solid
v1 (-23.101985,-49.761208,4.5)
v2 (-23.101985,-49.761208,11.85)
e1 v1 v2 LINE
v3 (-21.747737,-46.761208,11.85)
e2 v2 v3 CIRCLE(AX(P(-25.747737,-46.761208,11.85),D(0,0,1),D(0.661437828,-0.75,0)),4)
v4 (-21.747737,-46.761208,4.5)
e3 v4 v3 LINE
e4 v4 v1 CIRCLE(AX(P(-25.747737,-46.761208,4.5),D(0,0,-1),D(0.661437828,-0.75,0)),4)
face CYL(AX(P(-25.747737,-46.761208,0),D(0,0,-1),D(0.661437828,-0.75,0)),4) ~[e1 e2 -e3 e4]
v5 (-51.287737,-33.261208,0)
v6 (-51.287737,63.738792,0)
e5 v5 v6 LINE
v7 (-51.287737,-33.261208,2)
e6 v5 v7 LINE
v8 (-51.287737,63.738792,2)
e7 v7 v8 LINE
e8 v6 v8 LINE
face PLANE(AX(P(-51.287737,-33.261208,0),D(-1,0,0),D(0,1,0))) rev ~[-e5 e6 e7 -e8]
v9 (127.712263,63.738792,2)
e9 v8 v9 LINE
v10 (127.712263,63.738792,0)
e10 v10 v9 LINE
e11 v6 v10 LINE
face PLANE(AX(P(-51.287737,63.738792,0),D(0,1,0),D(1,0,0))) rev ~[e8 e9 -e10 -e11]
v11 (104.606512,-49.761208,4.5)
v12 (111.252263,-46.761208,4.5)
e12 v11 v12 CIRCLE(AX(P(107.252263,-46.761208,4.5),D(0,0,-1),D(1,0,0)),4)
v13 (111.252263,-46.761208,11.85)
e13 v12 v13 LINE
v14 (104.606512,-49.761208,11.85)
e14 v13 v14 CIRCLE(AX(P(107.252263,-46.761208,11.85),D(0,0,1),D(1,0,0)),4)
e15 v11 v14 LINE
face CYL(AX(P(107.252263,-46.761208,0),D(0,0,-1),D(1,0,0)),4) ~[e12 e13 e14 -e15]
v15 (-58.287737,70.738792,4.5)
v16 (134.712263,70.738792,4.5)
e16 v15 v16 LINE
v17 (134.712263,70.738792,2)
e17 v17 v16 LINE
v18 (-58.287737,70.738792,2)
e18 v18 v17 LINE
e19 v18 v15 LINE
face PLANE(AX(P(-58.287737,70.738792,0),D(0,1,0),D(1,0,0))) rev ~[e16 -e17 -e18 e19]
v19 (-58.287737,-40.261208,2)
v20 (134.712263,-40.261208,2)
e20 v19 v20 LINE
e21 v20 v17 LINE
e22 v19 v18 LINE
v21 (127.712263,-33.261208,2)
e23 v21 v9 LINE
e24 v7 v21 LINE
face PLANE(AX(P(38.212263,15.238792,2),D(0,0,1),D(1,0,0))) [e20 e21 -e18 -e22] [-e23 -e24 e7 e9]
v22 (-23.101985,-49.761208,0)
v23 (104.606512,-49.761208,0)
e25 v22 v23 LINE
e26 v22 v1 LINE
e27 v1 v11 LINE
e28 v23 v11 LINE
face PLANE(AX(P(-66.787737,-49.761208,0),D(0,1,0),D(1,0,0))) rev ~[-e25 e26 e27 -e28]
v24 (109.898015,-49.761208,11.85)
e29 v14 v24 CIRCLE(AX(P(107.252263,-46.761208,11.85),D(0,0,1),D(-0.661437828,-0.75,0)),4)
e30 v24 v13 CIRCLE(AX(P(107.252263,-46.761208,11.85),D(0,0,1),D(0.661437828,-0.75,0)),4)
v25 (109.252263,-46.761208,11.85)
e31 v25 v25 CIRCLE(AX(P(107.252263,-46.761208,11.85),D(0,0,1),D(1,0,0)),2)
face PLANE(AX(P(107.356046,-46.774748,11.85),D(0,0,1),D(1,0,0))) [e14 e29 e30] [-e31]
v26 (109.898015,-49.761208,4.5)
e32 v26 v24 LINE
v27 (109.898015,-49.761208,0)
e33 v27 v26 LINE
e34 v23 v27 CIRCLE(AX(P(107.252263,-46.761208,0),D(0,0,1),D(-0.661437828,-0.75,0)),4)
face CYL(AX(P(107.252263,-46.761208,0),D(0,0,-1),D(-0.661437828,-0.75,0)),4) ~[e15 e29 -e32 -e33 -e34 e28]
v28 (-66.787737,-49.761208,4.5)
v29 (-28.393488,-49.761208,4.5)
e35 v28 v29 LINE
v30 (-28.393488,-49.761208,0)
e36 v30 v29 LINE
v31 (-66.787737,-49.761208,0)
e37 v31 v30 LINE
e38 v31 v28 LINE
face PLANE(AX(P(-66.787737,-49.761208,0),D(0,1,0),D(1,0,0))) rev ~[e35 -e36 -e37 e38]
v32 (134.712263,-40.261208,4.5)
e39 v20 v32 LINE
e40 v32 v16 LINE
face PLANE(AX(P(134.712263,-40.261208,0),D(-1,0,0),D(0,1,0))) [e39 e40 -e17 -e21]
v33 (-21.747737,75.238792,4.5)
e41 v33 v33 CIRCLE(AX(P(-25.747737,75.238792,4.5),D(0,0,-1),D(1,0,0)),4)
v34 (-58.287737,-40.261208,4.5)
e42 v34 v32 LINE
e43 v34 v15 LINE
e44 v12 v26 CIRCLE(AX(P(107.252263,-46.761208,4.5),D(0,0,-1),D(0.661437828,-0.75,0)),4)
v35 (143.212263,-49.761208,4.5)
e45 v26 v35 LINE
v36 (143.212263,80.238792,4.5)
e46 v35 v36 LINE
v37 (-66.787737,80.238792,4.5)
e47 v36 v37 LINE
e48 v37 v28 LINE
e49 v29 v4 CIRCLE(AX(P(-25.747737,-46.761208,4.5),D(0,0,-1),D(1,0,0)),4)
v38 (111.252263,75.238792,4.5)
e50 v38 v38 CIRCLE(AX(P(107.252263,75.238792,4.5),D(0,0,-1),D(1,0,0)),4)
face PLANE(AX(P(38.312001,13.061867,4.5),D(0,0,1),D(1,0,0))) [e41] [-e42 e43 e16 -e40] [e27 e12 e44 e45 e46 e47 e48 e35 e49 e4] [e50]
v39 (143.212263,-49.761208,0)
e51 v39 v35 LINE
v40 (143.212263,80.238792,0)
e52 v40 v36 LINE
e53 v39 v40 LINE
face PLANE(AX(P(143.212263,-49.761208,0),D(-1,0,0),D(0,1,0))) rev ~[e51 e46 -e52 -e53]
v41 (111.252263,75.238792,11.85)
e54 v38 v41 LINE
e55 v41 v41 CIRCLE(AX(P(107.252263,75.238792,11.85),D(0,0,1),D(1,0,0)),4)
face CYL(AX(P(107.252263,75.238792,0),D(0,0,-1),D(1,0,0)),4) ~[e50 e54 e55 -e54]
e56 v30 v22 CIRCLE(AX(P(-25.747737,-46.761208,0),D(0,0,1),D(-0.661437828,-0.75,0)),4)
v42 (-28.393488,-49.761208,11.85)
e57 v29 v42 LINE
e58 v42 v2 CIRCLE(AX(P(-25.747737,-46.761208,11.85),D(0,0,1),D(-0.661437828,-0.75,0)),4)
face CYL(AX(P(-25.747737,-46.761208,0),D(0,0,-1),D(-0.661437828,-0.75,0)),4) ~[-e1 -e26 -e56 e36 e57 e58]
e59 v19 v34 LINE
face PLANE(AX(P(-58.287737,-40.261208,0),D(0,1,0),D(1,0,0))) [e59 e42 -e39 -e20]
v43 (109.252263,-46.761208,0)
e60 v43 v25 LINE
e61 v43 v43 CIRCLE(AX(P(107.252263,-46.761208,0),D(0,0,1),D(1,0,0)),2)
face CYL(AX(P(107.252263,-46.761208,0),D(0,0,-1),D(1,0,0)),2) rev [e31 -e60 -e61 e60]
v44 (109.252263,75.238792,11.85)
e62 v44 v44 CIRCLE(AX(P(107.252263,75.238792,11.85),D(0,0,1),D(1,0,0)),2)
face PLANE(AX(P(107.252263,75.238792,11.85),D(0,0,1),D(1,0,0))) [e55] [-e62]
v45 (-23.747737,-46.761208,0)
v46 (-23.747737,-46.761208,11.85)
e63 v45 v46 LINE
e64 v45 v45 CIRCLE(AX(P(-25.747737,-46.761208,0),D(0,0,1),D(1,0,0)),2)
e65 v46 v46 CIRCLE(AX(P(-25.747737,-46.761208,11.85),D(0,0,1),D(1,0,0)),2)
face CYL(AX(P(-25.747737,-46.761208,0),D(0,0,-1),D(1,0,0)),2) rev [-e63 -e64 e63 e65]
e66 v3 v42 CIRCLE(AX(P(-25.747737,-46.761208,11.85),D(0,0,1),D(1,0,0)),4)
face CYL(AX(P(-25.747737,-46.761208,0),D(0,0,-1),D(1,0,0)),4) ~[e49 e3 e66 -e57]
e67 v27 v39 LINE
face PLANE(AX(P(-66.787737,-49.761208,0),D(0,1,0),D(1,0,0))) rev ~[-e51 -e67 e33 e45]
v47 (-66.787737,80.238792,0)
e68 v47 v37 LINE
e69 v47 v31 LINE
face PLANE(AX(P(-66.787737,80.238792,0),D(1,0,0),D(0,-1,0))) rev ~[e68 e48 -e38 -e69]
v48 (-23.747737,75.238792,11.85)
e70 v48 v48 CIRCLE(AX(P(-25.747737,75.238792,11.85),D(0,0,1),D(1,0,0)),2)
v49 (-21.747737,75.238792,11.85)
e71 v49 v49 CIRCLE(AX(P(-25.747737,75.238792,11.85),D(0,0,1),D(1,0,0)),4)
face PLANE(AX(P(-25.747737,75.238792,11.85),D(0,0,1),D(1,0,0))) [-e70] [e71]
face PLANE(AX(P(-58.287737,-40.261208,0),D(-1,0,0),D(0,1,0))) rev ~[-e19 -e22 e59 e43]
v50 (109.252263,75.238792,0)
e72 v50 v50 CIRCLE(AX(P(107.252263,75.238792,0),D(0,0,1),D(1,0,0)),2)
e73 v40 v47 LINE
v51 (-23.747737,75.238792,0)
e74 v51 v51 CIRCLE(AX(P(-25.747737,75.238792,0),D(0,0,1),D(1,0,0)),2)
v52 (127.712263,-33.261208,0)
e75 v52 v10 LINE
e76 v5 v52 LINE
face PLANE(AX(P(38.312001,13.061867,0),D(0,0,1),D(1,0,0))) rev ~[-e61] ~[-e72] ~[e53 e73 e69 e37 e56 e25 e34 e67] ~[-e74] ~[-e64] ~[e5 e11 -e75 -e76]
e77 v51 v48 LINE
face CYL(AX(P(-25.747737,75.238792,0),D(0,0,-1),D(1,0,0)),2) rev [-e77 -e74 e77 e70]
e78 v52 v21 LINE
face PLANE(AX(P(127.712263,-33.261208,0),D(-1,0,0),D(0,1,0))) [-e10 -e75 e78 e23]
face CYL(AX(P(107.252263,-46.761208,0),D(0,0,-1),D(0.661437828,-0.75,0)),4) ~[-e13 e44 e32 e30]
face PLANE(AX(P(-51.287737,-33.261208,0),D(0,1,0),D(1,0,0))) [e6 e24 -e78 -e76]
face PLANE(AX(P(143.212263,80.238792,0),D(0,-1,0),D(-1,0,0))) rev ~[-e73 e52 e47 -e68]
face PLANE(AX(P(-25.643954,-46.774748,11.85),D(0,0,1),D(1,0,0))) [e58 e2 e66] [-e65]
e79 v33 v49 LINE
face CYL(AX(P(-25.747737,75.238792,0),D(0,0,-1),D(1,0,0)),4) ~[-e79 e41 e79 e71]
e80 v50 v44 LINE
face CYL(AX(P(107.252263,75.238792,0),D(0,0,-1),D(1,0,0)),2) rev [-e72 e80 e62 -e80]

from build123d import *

# Parameters (mm, degrees)
F0_W     = 193
F0_H     = 111
F0_W_2   = 179
F0_H_2   = 97
F1_DEPTH = 2
F0_R     = 4
F0_R_2   = 2
F2_DEPTH = 4.5
F3_DEPTH = 5
F4_DEPTH = 11.85


with BuildPart() as f1:
    # F0 (on Top) → F1 (new body)
    with BuildSketch(Plane.XY):
        with Locations((38.2122632861, 15.2387920618)):
            Rectangle(F0_W, F0_H)
        with Locations((38.2122632861, 15.2387920618)):
            Rectangle(F0_W_2, F0_H_2, mode=Mode.SUBTRACT)
    extrude(amount=F1_DEPTH)

    # F0 (on Top) → F2 (join)
    with BuildSketch(Plane.XY):
        with BuildLine():
            Line((143.2122632861, 80.2387920618), (-66.7877367139, 80.2387920618))
            Line((-66.7877367139, 80.2387920618), (-66.7877367139, -49.7612079382))
            Line((-66.7877367139, -49.7612079382), (-28.393488025, -49.7612079382))
            ThreePointArc((-28.393488025, -49.7612079382), (-27.393488025, -43.1154566271), (-21.7477367139, -46.7612079382))
            ThreePointArc((-21.7477367139, -46.7612079382), (-22.1019854028, -48.4069592493), (-23.1019854028, -49.7612079382))
            Line((-23.1019854028, -49.7612079382), (104.606511975, -49.7612079382))
            ThreePointArc((104.606511975, -49.7612079382), (105.606511975, -43.1154566271), (111.2522632861, -46.7612079382))
            ThreePointArc((111.2522632861, -46.7612079382), (110.8980145972, -48.4069592493), (109.8980145972, -49.7612079382))
            Line((109.8980145972, -49.7612079382), (143.2122632861, -49.7612079382))
            Line((143.2122632861, -49.7612079382), (143.2122632861, 80.2387920618))
        make_face()
        with Locations((38.2122632861, 15.2387920618)):
            Rectangle(F0_W, F0_H, mode=Mode.SUBTRACT)
        with Locations((-25.7477367139, 75.2387920618)):
            Circle(F0_R, mode=Mode.SUBTRACT)
        with Locations((107.2522632861, 75.2387920618)):
            Circle(F0_R, mode=Mode.SUBTRACT)
        with Locations((-25.7477367139, 75.2387920618)):
            Circle(F0_R)
        with Locations((-25.7477367139, 75.2387920618)):
            Circle(F0_R_2, mode=Mode.SUBTRACT)
        with Locations((107.2522632861, 75.2387920618)):
            Circle(F0_R)
        with Locations((107.2522632861, 75.2387920618)):
            Circle(F0_R_2, mode=Mode.SUBTRACT)
        with BuildLine():
            ThreePointArc((-21.7477367139, -46.7612079382), (-27.393488025, -43.1154566271), (-28.393488025, -49.7612079382))
            Line((-28.393488025, -49.7612079382), (-23.1019854028, -49.7612079382))
            ThreePointArc((-23.1019854028, -49.7612079382), (-22.1019854028, -48.4069592493), (-21.7477367139, -46.7612079382))
        make_face()
        with Locations((-25.7477367139, -46.7612079382)):
            Circle(F0_R_2, mode=Mode.SUBTRACT)
        with BuildLine():
            Line((104.606511975, -49.7612079382), (109.8980145972, -49.7612079382))
            ThreePointArc((109.8980145972, -49.7612079382), (110.8980145972, -48.4069592493), (111.2522632861, -46.7612079382))
            ThreePointArc((111.2522632861, -46.7612079382), (105.606511975, -43.1154566271), (104.606511975, -49.7612079382))
        make_face()
        with Locations((107.2522632861, -46.7612079382)):
            Circle(F0_R_2, mode=Mode.SUBTRACT)
    extrude(amount=F2_DEPTH)

    # F0 (on Top) → F3 (cut)
    with BuildSketch(Plane.XY):
        with Locations((-25.7477367139, 75.2387920618)):
            Circle(F0_R_2)
        with Locations((107.2522632861, 75.2387920618)):
            Circle(F0_R_2)
        with Locations((107.2522632861, -46.7612079382)):
            Circle(F0_R_2)
        with Locations((-25.7477367139, -46.7612079382)):
            Circle(F0_R_2)
    extrude(amount=-F3_DEPTH, mode=Mode.SUBTRACT)

    # F0 (on Top) → F4 (join)
    with BuildSketch(Plane.XY):
        with Locations((-25.7477367139, 75.2387920618)):
            Circle(F0_R)
        with Locations((-25.7477367139, 75.2387920618)):
            Circle(F0_R_2, mode=Mode.SUBTRACT)
        with BuildLine():
            Line((104.606511975, -49.7612079382), (109.8980145972, -49.7612079382))
            ThreePointArc((109.8980145972, -49.7612079382), (110.8980145972, -48.4069592493), (111.2522632861, -46.7612079382))
            ThreePointArc((111.2522632861, -46.7612079382), (105.606511975, -43.1154566271), (104.606511975, -49.7612079382))
        make_face()
        with Locations((107.2522632861, -46.7612079382)):
            Circle(F0_R_2, mode=Mode.SUBTRACT)
        with BuildLine():
            ThreePointArc((104.606511975, -49.7612079382), (107.2522632861, -50.7612079382), (109.8980145972, -49.7612079382))
            Line((109.8980145972, -49.7612079382), (104.606511975, -49.7612079382))
        make_face()
        with BuildLine():
            ThreePointArc((-21.7477367139, -46.7612079382), (-27.393488025, -43.1154566271), (-28.393488025, -49.7612079382))
            Line((-28.393488025, -49.7612079382), (-23.1019854028, -49.7612079382))
            ThreePointArc((-23.1019854028, -49.7612079382), (-22.1019854028, -48.4069592493), (-21.7477367139, -46.7612079382))
        make_face()
        with Locations((-25.7477367139, -46.7612079382)):
            Circle(F0_R_2, mode=Mode.SUBTRACT)
        with BuildLine():
            Line((-23.1019854028, -49.7612079382), (-28.393488025, -49.7612079382))
            ThreePointArc((-28.393488025, -49.7612079382), (-25.7477367139, -50.7612079382), (-23.1019854028, -49.7612079382))
        make_face()
        with Locations((107.2522632861, 75.2387920618)):
            Circle(F0_R)
        with Locations((107.2522632861, 75.2387920618)):
            Circle(F0_R_2, mode=Mode.SUBTRACT)
    extrude(amount=F4_DEPTH)


solid = f1.part
